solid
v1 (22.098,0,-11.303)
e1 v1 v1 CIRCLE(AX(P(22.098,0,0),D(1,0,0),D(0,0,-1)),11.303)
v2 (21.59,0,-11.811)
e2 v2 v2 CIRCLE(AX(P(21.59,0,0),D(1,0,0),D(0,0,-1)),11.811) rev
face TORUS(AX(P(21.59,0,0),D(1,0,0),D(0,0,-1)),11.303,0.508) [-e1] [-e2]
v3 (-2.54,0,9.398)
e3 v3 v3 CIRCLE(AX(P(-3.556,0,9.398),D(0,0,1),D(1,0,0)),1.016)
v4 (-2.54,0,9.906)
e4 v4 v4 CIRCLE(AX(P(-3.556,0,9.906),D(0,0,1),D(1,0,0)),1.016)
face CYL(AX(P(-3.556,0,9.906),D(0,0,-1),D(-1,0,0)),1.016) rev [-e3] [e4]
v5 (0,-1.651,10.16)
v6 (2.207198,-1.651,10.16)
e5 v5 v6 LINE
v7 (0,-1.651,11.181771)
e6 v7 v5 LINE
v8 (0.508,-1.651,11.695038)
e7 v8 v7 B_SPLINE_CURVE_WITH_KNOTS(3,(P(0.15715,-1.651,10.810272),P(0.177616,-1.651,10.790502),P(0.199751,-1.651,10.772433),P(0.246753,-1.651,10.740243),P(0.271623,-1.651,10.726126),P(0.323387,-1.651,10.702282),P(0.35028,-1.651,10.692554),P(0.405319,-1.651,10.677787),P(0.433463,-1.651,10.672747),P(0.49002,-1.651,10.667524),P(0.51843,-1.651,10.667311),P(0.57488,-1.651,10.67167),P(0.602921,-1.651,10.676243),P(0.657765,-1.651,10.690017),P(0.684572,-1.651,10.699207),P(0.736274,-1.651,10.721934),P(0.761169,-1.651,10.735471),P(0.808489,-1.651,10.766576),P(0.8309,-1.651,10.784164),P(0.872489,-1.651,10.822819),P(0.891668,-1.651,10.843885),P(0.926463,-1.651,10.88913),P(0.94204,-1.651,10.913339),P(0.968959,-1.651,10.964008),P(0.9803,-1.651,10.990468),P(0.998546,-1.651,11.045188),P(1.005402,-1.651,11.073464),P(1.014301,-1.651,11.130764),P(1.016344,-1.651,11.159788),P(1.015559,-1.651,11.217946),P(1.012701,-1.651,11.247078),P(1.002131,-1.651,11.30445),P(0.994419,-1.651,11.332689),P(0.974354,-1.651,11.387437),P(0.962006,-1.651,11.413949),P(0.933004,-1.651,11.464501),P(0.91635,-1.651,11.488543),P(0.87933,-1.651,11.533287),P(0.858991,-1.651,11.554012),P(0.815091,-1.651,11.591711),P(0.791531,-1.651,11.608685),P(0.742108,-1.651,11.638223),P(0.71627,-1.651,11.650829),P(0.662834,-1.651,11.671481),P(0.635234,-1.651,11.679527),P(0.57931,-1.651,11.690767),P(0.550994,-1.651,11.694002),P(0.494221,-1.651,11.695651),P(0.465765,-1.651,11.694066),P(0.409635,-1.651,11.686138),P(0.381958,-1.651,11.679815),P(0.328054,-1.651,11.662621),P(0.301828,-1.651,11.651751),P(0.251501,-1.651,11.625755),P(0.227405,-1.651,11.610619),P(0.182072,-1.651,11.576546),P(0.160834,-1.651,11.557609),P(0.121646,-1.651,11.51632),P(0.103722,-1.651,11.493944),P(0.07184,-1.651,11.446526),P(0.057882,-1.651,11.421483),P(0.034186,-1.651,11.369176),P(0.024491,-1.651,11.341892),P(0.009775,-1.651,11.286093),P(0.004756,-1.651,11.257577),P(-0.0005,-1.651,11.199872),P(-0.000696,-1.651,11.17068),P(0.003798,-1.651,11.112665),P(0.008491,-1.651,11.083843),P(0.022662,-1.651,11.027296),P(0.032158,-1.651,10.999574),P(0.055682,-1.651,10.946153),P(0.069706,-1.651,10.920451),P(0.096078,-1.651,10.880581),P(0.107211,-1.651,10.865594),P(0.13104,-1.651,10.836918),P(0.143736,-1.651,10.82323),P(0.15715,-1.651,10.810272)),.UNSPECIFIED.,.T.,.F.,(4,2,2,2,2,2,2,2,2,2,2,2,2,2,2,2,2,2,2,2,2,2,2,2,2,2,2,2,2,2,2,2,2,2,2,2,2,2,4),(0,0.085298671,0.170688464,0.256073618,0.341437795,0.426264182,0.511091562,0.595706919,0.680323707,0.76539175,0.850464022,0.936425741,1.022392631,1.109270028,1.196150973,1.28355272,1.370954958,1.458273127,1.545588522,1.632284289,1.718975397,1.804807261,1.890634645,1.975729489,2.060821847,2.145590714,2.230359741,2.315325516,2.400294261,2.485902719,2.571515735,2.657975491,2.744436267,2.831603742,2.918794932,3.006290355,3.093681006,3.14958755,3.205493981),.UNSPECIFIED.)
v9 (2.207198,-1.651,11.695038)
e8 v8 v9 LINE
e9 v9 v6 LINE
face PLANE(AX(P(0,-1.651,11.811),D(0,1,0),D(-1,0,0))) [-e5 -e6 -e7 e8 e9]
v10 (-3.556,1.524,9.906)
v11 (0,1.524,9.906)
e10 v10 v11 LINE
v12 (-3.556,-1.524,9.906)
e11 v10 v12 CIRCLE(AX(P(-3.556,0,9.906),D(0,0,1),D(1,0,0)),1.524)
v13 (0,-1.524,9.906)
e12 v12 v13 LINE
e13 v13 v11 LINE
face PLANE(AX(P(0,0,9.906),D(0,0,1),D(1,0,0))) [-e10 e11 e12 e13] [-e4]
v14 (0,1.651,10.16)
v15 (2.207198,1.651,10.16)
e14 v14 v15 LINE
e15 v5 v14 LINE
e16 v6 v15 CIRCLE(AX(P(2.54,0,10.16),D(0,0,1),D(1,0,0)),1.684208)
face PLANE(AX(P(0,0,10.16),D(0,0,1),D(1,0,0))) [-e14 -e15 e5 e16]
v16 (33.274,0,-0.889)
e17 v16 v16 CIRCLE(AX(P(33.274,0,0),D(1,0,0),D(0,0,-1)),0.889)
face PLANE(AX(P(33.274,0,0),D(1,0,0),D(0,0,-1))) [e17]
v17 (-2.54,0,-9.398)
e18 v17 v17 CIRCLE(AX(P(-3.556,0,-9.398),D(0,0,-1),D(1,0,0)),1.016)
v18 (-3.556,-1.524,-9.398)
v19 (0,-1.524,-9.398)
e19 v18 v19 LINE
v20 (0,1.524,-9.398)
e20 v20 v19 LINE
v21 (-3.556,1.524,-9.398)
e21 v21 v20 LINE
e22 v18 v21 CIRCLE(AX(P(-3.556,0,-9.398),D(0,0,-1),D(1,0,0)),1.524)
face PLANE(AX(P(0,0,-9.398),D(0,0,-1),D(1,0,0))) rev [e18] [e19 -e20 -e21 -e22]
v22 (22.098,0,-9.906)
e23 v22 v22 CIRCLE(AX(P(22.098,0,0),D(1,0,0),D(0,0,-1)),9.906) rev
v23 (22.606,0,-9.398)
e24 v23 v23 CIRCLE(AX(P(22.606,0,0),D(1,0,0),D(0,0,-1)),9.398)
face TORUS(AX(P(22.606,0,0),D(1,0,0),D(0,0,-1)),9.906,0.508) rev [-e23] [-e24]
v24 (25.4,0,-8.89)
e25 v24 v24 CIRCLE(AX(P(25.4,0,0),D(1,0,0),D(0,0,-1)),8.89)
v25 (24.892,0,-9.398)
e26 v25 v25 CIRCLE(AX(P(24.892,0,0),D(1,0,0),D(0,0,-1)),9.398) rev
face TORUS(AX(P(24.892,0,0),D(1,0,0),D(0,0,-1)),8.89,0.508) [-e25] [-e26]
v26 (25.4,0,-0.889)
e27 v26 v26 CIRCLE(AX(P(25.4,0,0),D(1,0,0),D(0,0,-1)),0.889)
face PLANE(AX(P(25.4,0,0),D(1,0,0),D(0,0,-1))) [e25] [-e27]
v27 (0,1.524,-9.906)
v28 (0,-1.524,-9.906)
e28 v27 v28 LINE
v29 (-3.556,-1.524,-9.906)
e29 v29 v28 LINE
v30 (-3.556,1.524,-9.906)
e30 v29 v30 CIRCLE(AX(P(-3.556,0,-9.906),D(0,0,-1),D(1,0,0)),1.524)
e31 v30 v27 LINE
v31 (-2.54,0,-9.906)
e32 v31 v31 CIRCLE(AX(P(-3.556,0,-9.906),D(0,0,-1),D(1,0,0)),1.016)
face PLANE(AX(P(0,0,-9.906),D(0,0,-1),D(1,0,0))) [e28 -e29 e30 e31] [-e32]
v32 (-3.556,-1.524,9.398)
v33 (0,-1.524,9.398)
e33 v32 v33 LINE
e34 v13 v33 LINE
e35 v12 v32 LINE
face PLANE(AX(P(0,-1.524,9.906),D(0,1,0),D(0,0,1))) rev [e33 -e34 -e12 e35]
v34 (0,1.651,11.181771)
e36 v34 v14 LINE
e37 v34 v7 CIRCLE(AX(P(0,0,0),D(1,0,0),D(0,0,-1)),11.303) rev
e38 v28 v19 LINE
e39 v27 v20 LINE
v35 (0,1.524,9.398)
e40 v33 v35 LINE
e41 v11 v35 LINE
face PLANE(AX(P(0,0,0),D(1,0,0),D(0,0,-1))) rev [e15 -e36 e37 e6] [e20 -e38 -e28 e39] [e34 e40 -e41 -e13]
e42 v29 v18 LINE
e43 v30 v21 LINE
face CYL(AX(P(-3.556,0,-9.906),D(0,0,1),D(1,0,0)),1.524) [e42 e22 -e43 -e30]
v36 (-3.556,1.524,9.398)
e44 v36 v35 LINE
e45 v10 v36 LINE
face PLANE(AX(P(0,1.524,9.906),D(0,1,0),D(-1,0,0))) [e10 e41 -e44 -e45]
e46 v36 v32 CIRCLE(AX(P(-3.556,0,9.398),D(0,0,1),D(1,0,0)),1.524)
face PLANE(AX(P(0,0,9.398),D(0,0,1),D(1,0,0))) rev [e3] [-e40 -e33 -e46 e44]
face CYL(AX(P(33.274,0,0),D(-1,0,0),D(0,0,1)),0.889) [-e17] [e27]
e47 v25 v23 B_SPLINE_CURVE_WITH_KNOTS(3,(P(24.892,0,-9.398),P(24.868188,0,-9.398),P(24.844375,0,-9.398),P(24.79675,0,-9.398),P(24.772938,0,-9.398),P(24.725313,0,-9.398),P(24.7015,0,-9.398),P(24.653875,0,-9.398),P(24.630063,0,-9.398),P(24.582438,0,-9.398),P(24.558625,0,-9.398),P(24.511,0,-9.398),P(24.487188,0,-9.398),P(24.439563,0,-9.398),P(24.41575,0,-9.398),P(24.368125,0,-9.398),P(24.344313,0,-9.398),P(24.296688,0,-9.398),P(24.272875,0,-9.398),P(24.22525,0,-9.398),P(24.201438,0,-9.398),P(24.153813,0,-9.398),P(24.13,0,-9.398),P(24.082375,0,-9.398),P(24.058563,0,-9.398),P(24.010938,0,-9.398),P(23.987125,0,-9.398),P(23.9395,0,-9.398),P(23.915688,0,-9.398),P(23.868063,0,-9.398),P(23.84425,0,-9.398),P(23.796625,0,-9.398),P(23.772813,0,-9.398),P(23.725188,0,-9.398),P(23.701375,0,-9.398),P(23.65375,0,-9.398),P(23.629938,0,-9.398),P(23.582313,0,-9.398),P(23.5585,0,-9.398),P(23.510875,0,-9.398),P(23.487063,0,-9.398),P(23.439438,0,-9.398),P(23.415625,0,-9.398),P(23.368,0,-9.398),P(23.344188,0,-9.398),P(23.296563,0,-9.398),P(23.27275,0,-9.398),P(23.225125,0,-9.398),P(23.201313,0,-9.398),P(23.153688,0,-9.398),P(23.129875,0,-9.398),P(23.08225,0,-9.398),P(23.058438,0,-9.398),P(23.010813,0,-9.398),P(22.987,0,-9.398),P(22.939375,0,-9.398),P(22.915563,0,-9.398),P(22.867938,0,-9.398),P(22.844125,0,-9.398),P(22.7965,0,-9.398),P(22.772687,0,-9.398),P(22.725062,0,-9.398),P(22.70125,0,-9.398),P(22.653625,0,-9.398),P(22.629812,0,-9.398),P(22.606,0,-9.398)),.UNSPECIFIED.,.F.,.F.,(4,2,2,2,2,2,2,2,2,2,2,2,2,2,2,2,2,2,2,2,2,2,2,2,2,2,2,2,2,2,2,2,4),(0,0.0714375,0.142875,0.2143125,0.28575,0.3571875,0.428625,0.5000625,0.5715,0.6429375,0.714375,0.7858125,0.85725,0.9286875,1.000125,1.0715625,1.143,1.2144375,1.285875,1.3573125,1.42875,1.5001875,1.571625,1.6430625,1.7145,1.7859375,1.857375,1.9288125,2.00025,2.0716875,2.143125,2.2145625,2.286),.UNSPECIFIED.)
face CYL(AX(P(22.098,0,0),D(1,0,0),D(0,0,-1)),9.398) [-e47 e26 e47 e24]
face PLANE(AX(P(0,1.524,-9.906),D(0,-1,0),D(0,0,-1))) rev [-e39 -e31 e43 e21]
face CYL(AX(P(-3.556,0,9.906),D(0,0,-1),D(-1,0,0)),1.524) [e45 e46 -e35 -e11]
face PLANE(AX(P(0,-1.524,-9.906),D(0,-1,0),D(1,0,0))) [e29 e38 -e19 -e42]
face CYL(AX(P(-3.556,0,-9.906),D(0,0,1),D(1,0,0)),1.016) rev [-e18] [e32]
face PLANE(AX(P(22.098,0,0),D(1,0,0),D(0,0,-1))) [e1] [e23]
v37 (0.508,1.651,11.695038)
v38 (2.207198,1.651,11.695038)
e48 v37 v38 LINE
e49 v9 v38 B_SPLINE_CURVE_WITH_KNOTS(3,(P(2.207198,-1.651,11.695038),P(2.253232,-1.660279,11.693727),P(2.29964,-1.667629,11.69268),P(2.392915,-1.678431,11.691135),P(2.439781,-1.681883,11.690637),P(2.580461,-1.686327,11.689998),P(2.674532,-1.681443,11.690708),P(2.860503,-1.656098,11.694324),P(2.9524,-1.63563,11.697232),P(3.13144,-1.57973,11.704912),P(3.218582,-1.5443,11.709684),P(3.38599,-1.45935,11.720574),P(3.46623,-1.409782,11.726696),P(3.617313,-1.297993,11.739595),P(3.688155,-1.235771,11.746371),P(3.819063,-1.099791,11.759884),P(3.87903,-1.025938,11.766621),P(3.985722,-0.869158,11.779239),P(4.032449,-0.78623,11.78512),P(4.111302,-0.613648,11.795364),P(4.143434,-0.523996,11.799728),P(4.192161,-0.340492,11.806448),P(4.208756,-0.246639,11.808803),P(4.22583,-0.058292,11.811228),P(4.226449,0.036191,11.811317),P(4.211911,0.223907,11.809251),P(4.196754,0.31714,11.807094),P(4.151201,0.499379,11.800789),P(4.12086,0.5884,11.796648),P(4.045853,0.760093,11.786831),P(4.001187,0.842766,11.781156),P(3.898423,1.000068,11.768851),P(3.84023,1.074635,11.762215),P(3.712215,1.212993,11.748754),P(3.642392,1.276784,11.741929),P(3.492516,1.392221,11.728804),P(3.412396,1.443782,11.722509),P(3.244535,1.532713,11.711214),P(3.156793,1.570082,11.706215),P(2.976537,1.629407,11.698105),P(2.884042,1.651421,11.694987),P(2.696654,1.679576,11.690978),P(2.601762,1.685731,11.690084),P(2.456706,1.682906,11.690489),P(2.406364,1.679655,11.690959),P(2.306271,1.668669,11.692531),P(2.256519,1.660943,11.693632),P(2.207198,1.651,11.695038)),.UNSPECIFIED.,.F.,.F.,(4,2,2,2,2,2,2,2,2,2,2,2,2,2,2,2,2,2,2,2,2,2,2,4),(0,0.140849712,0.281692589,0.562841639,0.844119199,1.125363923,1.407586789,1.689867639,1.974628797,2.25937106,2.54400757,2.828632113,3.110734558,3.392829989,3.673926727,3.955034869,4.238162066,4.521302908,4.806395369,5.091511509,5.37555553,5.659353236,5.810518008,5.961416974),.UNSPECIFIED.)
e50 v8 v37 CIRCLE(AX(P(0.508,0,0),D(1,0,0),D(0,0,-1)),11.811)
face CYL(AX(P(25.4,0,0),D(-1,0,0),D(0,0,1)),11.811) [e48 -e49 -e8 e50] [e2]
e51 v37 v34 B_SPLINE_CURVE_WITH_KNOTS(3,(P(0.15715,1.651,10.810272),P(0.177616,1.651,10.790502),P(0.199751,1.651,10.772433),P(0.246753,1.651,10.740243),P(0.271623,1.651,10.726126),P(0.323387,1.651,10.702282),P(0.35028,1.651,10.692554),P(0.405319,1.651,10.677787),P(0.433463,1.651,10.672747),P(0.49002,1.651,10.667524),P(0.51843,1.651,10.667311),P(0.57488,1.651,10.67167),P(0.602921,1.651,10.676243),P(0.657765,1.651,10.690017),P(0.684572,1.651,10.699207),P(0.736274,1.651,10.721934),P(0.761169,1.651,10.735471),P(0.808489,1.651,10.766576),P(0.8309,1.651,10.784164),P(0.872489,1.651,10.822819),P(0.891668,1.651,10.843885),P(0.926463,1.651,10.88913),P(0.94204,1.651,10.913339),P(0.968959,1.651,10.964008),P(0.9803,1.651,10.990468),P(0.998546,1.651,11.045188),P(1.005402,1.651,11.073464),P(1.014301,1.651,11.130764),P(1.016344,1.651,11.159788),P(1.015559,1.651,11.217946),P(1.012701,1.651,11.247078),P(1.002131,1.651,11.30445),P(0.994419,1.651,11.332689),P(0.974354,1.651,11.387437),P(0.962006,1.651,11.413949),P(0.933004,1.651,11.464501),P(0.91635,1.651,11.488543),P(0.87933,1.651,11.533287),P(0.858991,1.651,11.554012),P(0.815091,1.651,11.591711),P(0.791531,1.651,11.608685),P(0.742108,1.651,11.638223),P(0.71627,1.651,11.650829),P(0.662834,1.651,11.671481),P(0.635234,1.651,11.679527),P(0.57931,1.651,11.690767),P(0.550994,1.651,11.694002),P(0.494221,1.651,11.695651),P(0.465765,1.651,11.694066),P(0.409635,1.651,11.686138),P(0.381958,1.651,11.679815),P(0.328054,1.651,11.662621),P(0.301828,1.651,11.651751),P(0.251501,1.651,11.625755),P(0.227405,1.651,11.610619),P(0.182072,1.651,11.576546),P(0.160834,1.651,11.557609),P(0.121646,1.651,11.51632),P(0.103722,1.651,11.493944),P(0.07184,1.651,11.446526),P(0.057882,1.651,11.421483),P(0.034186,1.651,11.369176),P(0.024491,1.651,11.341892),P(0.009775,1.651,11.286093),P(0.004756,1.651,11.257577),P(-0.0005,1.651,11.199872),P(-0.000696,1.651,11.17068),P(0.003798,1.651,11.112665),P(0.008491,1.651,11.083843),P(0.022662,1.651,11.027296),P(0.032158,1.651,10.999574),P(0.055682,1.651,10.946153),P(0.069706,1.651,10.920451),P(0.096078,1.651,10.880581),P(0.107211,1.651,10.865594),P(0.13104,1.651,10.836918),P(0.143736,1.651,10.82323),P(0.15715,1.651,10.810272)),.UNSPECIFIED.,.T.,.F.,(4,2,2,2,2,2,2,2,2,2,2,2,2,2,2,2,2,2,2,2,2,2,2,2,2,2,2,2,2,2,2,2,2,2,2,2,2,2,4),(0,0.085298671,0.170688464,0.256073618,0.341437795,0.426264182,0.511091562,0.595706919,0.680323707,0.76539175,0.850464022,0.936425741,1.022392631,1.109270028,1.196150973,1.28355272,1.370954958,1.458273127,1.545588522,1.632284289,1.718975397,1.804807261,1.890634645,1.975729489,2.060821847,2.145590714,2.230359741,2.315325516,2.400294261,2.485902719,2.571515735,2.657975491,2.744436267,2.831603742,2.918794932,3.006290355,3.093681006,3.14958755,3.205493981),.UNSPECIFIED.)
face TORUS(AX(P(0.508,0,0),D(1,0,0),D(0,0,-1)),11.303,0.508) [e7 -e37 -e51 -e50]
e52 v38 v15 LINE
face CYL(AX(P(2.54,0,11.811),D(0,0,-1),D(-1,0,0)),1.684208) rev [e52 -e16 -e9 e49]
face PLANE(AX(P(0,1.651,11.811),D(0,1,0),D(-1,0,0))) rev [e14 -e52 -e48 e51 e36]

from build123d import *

# Parameters (mm, degrees)
SKETCH2_R           = 11.811
BOSS_EXTRUDE1_DEPTH = 25.4
SKETCH4_OUTSIDE_W   = 34.016
SKETCH4_OUTSIDE_H   = 34.016
SKETCH4_OUTSIDE_R   = 9.398
CUT_EXTRUDE1_DEPTH  = 3.302
FILLET1_R           = 0.508
SKETCH5_R           = 0.889
BOSS_EXTRUDE2_DEPTH = 7.874
CUT_EXTRUDE2_START  = 10.16
SKETCH8_R           = 1.684208496
SKETCH8_W           = 2.54
SKETCH8_H           = 3.302
CUT_EXTRUDE2_DEPTH  = 28.071149866
BOSS_EXTRUDE3_START = 9.398
SKETCH10_R          = 1.016
BOSS_EXTRUDE3_DEPTH = 0.508
CIRPATTERN1_COUNT   = 2


with BuildPart() as part:
    # Sketch2 → Boss-Extrude1 (new body)
    with BuildSketch(Plane(origin=(0, 0, 0), x_dir=(0, 0, -1), z_dir=(1, 0, 0))):
        Circle(SKETCH2_R)
    extrude(amount=BOSS_EXTRUDE1_DEPTH)

    # Sketch4 outside → Cut-Extrude1 (cut)
    with BuildSketch(Plane(origin=(25.4, 0, 0), x_dir=(0, 0, -1), z_dir=(1, 0, 0))):
        Rectangle(SKETCH4_OUTSIDE_W, SKETCH4_OUTSIDE_H)
        Circle(SKETCH4_OUTSIDE_R, mode=Mode.SUBTRACT)
    extrude(amount=-CUT_EXTRUDE1_DEPTH, mode=Mode.SUBTRACT)

    # Fillet1
    fillet1_edges = [part.edges().sort_by_distance(p)[0] for p in [
        (22.098, 0, 11.811),
        (25.4, 0, 9.398),
        (0, 0, 11.811),
        (22.098, 0, 9.398),
    ]]
    fillet(fillet1_edges, radius=FILLET1_R)

    # Sketch5 → Boss-Extrude2 (add)
    with BuildSketch(Plane(origin=(25.4, 0, 0), x_dir=(0, 0, -1), z_dir=(1, 0, 0))):
        Circle(SKETCH5_R)
    extrude(amount=BOSS_EXTRUDE2_DEPTH)

    # Sketch8 → Cut-Extrude2 (cut, through all)
    with BuildSketch(Plane.XY.offset(CUT_EXTRUDE2_START)):
        with Locations((2.54, 0)):
            Circle(SKETCH8_R)
        with Locations((1.27, 0)):
            Rectangle(SKETCH8_W, SKETCH8_H)
    extrude(amount=CUT_EXTRUDE2_DEPTH, mode=Mode.SUBTRACT)

    # Sketch10 → Boss-Extrude3 (add)
    with BuildSketch(Plane.XY.offset(BOSS_EXTRUDE3_START)):
        with BuildLine():
            Line((-3.556, -1.524), (0, -1.524))
            Line((0, -1.524), (0, 1.524))
            Line((0, 1.524), (-3.556, 1.524))
            ThreePointArc((-3.556, 1.524), (-5.08, 0), (-3.556, -1.524))
        make_face()
        with Locations((-3.556, 0)):
            Circle(SKETCH10_R, mode=Mode.SUBTRACT)
    boss_extrude3 = extrude(amount=BOSS_EXTRUDE3_DEPTH)

    # CirPattern1: Boss-Extrude3 ×2 about axis
    cirpattern1_axis = Axis((0, 0, 0), (1, 0, 0))
    for i in range(1, CIRPATTERN1_COUNT):
        add(boss_extrude3.rotate(cirpattern1_axis, i * 360 / CIRPATTERN1_COUNT))


solid = part.part
